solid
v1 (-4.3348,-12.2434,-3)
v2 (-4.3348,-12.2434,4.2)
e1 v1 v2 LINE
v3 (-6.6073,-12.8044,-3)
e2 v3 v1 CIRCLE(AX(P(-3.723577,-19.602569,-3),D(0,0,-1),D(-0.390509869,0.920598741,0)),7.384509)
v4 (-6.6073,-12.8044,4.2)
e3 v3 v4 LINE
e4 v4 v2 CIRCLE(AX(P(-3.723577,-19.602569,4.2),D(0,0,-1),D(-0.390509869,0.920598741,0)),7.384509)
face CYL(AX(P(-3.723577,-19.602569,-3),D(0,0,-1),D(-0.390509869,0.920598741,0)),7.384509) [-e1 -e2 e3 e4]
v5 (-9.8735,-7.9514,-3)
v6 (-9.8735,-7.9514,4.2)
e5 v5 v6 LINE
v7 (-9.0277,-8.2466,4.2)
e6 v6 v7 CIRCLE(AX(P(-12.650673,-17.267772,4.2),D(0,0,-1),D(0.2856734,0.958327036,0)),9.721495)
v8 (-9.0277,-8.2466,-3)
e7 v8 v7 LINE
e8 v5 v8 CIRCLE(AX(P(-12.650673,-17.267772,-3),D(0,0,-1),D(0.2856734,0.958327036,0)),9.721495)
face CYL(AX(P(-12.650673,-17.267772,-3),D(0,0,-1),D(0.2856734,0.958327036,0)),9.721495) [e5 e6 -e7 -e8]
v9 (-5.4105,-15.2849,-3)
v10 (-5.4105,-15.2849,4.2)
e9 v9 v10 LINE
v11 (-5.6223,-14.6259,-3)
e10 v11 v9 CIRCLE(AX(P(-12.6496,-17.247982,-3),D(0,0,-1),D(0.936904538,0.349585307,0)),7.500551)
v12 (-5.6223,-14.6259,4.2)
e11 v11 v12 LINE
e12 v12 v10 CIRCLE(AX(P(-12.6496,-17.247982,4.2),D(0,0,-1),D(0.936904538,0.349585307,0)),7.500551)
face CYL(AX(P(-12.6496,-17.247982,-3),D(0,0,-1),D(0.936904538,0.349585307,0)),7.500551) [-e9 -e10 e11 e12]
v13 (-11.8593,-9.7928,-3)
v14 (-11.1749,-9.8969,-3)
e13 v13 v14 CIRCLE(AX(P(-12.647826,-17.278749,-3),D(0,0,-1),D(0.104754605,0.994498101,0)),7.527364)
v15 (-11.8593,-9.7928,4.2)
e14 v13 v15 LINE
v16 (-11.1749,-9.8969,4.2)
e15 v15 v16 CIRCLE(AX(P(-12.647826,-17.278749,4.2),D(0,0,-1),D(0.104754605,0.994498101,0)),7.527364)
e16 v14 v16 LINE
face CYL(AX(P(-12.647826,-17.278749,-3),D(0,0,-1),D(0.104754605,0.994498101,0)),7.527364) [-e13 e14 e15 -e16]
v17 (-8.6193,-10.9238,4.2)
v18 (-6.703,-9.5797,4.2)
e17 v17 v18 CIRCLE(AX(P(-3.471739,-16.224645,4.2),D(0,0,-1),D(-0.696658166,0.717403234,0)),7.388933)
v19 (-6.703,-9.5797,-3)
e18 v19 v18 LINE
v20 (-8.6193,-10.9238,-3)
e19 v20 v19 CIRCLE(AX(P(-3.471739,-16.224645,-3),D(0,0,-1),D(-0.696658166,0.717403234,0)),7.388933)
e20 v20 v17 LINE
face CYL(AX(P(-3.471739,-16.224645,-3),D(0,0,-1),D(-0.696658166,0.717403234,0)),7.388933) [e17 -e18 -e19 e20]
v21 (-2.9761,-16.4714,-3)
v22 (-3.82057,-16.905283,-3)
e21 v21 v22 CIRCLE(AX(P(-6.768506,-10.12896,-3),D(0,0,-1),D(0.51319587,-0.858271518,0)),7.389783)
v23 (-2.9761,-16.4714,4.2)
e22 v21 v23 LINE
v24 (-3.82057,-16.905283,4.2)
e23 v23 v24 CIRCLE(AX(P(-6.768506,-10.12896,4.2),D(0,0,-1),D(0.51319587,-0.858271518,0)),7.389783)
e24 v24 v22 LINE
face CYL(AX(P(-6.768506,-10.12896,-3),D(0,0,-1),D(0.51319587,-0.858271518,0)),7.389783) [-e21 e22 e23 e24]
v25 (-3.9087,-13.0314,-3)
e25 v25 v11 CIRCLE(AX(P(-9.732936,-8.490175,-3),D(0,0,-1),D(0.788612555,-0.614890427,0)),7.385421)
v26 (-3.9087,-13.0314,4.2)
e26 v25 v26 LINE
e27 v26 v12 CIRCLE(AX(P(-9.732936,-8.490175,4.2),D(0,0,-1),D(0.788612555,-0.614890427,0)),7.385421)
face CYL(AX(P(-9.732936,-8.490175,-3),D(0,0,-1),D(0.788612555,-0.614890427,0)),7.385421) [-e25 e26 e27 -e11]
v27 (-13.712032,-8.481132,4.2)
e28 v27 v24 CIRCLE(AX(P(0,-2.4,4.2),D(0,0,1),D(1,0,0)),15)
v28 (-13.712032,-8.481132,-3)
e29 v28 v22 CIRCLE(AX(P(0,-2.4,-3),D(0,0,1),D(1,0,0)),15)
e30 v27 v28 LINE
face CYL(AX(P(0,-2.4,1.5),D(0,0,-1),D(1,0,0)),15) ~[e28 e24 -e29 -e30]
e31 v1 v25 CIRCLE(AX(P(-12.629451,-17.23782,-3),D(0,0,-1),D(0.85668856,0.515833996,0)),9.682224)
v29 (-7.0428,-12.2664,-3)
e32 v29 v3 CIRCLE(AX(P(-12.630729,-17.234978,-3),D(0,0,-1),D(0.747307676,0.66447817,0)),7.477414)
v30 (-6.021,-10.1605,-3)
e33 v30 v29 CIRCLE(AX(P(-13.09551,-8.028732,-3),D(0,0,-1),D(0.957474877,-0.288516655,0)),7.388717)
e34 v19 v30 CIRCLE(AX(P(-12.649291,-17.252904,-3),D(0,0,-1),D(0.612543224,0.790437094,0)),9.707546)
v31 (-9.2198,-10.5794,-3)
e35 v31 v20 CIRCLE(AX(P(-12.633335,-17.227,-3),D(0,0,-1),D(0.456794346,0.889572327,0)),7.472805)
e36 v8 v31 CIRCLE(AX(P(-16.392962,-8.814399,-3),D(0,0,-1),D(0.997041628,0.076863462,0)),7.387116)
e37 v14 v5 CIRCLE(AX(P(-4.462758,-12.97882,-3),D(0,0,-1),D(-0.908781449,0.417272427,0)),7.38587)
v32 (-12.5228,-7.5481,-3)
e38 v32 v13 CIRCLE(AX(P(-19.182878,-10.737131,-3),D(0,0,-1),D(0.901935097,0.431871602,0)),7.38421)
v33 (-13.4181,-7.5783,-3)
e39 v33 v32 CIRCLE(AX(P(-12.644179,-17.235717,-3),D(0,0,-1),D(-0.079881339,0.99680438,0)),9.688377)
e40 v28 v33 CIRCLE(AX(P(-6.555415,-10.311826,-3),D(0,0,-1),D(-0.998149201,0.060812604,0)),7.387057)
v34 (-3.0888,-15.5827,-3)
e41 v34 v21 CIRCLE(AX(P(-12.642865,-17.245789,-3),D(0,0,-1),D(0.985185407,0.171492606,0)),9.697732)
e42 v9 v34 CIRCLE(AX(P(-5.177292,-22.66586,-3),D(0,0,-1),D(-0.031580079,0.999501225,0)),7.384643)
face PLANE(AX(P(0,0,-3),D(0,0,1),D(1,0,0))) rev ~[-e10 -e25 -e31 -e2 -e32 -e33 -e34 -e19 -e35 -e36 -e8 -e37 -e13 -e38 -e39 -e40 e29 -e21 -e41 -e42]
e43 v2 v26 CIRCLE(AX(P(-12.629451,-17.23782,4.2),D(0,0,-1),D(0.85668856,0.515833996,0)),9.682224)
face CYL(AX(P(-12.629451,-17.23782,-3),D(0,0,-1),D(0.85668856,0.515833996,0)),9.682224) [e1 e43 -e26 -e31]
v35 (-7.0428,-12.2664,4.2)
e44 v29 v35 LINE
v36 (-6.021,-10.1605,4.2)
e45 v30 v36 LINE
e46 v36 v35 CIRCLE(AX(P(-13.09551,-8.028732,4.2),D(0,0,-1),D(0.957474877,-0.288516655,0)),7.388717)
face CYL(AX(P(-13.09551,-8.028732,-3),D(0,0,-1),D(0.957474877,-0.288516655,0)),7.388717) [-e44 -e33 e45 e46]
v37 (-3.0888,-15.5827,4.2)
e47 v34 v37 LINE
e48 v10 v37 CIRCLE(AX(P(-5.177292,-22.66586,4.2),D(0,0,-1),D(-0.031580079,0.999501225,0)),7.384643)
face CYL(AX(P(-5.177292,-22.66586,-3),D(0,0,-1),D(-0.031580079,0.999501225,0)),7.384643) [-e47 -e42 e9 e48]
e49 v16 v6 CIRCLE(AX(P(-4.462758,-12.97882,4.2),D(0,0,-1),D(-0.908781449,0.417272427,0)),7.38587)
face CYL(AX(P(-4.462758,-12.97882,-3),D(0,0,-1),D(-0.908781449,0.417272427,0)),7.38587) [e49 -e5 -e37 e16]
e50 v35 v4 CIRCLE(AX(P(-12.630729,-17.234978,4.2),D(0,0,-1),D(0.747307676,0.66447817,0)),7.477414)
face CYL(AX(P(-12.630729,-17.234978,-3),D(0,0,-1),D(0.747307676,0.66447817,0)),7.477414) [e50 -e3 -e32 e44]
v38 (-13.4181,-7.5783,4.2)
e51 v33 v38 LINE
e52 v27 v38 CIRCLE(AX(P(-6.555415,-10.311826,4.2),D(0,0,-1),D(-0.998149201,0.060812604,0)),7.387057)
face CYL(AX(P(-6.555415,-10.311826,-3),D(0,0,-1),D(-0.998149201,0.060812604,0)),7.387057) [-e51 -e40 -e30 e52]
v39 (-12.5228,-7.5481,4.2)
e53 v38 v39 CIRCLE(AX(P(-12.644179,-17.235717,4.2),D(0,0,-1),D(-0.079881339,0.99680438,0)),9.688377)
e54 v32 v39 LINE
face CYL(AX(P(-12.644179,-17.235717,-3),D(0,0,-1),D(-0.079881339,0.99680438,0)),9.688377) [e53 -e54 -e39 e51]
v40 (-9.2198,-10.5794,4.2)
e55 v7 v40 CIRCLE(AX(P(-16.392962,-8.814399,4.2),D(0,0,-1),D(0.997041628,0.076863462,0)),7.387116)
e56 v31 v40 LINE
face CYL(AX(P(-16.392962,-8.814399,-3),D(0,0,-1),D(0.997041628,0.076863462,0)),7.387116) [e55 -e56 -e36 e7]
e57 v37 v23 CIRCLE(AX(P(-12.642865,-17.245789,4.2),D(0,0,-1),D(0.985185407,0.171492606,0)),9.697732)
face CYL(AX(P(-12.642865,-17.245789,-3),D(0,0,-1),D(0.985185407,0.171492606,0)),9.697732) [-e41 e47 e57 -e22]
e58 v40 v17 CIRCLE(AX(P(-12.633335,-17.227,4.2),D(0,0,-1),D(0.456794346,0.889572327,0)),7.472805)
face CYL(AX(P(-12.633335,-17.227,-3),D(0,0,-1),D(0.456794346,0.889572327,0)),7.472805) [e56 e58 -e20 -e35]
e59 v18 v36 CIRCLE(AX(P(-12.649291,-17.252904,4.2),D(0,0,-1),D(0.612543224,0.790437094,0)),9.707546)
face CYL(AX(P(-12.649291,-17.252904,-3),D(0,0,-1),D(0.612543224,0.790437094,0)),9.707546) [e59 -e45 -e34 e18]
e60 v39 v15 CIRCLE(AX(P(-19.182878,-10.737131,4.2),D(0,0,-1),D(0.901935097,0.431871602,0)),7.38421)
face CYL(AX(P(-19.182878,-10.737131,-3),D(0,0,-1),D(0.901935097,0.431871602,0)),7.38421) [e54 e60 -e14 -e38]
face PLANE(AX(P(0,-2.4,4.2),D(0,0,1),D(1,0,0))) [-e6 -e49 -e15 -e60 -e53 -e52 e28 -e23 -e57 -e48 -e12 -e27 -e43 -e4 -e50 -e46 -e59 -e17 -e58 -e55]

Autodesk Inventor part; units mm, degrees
ref_plane "YZ Plane" through (0, 0, 0) normal (1, 0, 0) x (0, 1, 0)
ref_plane "XZ Plane" through (0, 0, 0) normal (0, 1, 0) x (-1, 0, 0)
ref_plane "XY Plane" through (0, 0, 0) normal (0, 0, 1) x (1, 0, 0)
sketch "Szkic1" plane through (0, 0, 0) normal (0, 0, 1) x (1, 0, 0)
  arc A0 (-1.732, -4.0613) -> (-1.6613, -4.132) centre (0, -2.4) ccw projected
  arc A1 (0.05, -0.4006) -> (-0.05, -0.4006) centre (0, -2.4) ccw projected
  arc A2 (-0.05, -0.4006) -> (-0.5703, -0.483) centre (0, -2.4) ccw projected
  arc A3 (-0.5703, -0.483) -> (-0.6654, -0.5139) centre (0, -2.4) ccw projected
  arc A4 (-0.6654, -0.5139) -> (-1.1348, -0.7531) centre (0, -2.4) ccw projected
  arc A5 (-1.1348, -0.7531) -> (-1.2157, -0.8119) centre (0, -2.4) ccw projected
  arc A6 (-1.2157, -0.8119) -> (-1.5881, -1.1843) centre (0, -2.4) ccw projected
  arc A7 (-1.5881, -1.1843) -> (-1.6469, -1.2652) centre (0, -2.4) ccw projected
  arc A8 (-1.6469, -1.2652) -> (-1.8861, -1.7346) centre (0, -2.4) ccw projected
  arc A9 (-1.8861, -1.7346) -> (-1.917, -1.8297) centre (0, -2.4) ccw projected
  arc A10 (-1.917, -1.8297) -> (-1.9994, -2.35) centre (0, -2.4) ccw projected
  arc A11 (-1.9994, -2.35) -> (-1.9994, -2.45) centre (0, -2.4) ccw projected
  arc A12 (-1.9994, -2.45) -> (-1.917, -2.9703) centre (0, -2.4) ccw projected
  arc A13 (-1.917, -2.9703) -> (-1.8861, -3.0654) centre (0, -2.4) ccw projected
  arc A14 (-1.8861, -3.0654) -> (-1.6469, -3.5348) centre (0, -2.4) ccw projected
  arc A15 (-1.6469, -3.5348) -> (-1.5881, -3.6157) centre (0, -2.4) ccw projected
  arc A16 (-1.5881, -3.6157) -> (-1.2157, -3.9881) centre (0, -2.4) ccw projected
  arc A17 (-1.2157, -3.9881) -> (-1.1348, -4.0469) centre (0, -2.4) ccw projected
  arc A18 (-1.1348, -4.0469) -> (-0.6654, -4.2861) centre (0, -2.4) ccw projected
  arc A19 (-0.6654, -4.2861) -> (-0.5703, -4.317) centre (0, -2.4) ccw projected
  arc A20 (-0.5703, -4.317) -> (-0.05, -4.3994) centre (0, -2.4) ccw projected
  arc A21 (-0.05, -4.3994) -> (0.05, -4.3994) centre (0, -2.4) ccw projected
  arc A22 (0.05, -4.3994) -> (0.5703, -4.317) centre (0, -2.4) ccw projected
  arc A23 (0.5703, -4.317) -> (0.6654, -4.2861) centre (0, -2.4) ccw projected
  arc A24 (0.6654, -4.2861) -> (1.1348, -4.0469) centre (0, -2.4) ccw projected
  arc A25 (1.1348, -4.0469) -> (1.2157, -3.9881) centre (0, -2.4) ccw projected
  arc A26 (1.2157, -3.9881) -> (1.5881, -3.6157) centre (0, -2.4) ccw projected
  arc A27 (1.5881, -3.6157) -> (1.6469, -3.5348) centre (0, -2.4) ccw projected
  arc A28 (1.6469, -3.5348) -> (1.8861, -3.0654) centre (0, -2.4) ccw projected
  arc A29 (1.8861, -3.0654) -> (1.917, -2.9703) centre (0, -2.4) ccw projected
  arc A30 (1.917, -2.9703) -> (1.9994, -2.45) centre (0, -2.4) ccw projected
  arc A31 (1.9994, -2.45) -> (1.9994, -2.35) centre (0, -2.4) ccw projected
  arc A32 (1.9994, -2.35) -> (1.917, -1.8297) centre (0, -2.4) ccw projected
  arc A33 (1.917, -1.8297) -> (1.8861, -1.7346) centre (0, -2.4) ccw projected
  arc A34 (1.8861, -1.7346) -> (1.6469, -1.2652) centre (0, -2.4) ccw projected
  arc A35 (1.6469, -1.2652) -> (1.5881, -1.1843) centre (0, -2.4) ccw projected
  arc A36 (1.5881, -1.1843) -> (1.2157, -0.8119) centre (0, -2.4) ccw projected
  arc A37 (1.2157, -0.8119) -> (1.1348, -0.7531) centre (0, -2.4) ccw projected
  arc A38 (1.1348, -0.7531) -> (0.6654, -0.5139) centre (0, -2.4) ccw projected
  arc A39 (0.6654, -0.5139) -> (0.5703, -0.483) centre (0, -2.4) ccw projected
  arc A40 (0.5703, -0.483) -> (0.05, -0.4006) centre (0, -2.4) ccw projected
  circle A41 centre (0, -2.4) radius 1.5065 projected
  circle A42 centre (0, -2.4) radius 2.4
  circle A43 centre (0, -2.4) radius 15
  circle A44 centre (0, -2.4) radius 1.0065 projected
  circle A45 centre (0, -2.4) radius 1.2565
  circle A46 centre (0, -2.4) radius 2.9
  point P0 (0, 0)
  point P1 (-1.6613, -4.132)
  point P2 (-1.732, -4.0613)
  dimension "d0" = 30
  dimension "d3" = 0.25
  dimension "d12" = 0.5
extrude "Wyciągnięcie proste1" add sketch "Szkic1" against normal blind 3 contours A43
extrude "Wyciągnięcie proste2" add sketch "Szkic1" along normal blind 1.5 contours A42 A0 | A40 A39 A38 A37 A36 A35 A34 A33 A32 A31 A30 A29 A28 A27 A26 A25 A24 A23 A22 A21 A20 A19 A18 A17 A16 A15 A14 A13 A12 A11 A10 A9 A8 A7 A6 A5 A4 A3 A2 A1 | A41 | A43 | A45 | A46
sketch "Szkic2" plane through (0, -2.4, 1.5) normal (0, 0, 1) x (1, 0, 0)
  circle A0 centre (0, 0) radius 1.0065 projected
  circle A1 centre (0, 0) radius 3
  circle A2 centre (0, 0) radius 15 projected
  point P0 (0, 2.4)
  dimension "d6" = 6
extrude "Wyciągnięcie proste3" add sketch "Szkic2" along normal blind 2.7 contours A2
sketch "Szkic4" plane through (0, -2.4, -3) normal (0, 0, -1) x (-1, 0, 0)
  arc A0 (6.703, -7.1797) -> (6.021, -7.7605) centre (12.6436, -14.8459) ccw projected
  arc A1 (9.8735, -5.5514) -> (9.0277, -5.8466) centre (12.6436, -14.8459) ccw projected
  arc A2 (13.4181, -5.1783) -> (12.5228, -5.1481) centre (12.6436, -14.8459) ccw projected
  arc A3 (16.8582, -6.1109) -> (16.0342, -5.7593) centre (12.6436, -14.8459) ccw projected
  arc A4 (19.729, -8.2232) -> (19.0877, -7.5977) centre (12.6436, -14.8459) ccw projected
  arc A5 (21.6429, -11.23) -> (21.2709, -10.4151) centre (12.6436, -14.8459) ccw projected
  arc A6 (22.3415, -14.7251) -> (22.2889, -13.8308) centre (12.6436, -14.8459) ccw projected
  arc A7 (21.7302, -18.2365) -> (22.0043, -17.3836) centre (12.6436, -14.8459) ccw projected
  arc A8 (19.8918, -21.29) -> (20.4555, -20.5937) centre (12.6436, -14.8459) ccw projected
  arc A9 (3.9087, -10.6314) -> (5.6223, -12.2259) centre (9.734, -6.0892) ccw projected
  arc A10 (5.6223, -12.2259) -> (5.4105, -12.8849) centre (12.6436, -14.8459) ccw projected
  arc A11 (5.4105, -12.8849) -> (3.0888, -13.1827) centre (5.1774, -20.2681) ccw projected
  arc A12 (3.0888, -13.1827) -> (2.9761, -14.0714) centre (12.6436, -14.8459) ccw projected
  arc A13 (2.9761, -14.0714) -> (5.1499, -14.9393) centre (6.7672, -7.7316) ccw projected
  arc A14 (5.1499, -14.9393) -> (5.1905, -15.6303) centre (12.6436, -14.8459) ccw projected
  arc A15 (5.1905, -15.6303) -> (3.1332, -16.7466) centre (7.6403, -22.5991) ccw projected
  arc A16 (3.1332, -16.7466) -> (3.3491, -17.616) centre (12.6436, -14.8459) ccw projected
  arc A17 (3.3491, -17.616) -> (5.6897, -17.64) centre (4.594, -10.3348) ccw projected
  arc A18 (5.6897, -17.64) -> (5.9772, -18.2697) centre (12.6436, -14.8459) ccw projected
  arc A19 (5.9772, -18.2697) -> (4.462, -20.0539) centre (10.7789, -23.883) ccw projected
  arc A20 (4.462, -20.0539) -> (4.9774, -20.7866) centre (12.6436, -14.8459) ccw projected
  arc A21 (4.9774, -20.7866) -> (7.1686, -19.9634) centre (3.508, -13.5473) ccw projected
  arc A22 (7.1686, -19.9634) -> (7.6642, -20.4467) centre (12.6436, -14.8459) ccw projected
  arc A23 (7.6642, -20.4467) -> (6.8958, -22.6577) centre (14.1694, -23.9463) ccw projected
  arc A24 (6.8958, -22.6577) -> (7.6411, -23.1547) centre (12.6436, -14.8459) ccw projected
  arc A25 (7.6411, -23.1547) -> (9.387, -21.5956) centre (3.6558, -16.9352) ccw projected
  arc A26 (9.387, -21.5956) -> (10.0237, -21.8673) centre (12.6436, -14.8459) ccw projected
  arc A27 (10.0237, -21.8673) -> (10.1059, -24.2066) centre (17.3539, -22.7806) ccw projected
  arc A28 (10.1059, -24.2066) -> (10.9804, -24.4008) centre (12.6436, -14.8459) ccw projected
  arc A29 (10.9804, -24.4008) -> (12.0452, -22.3162) centre (5.0175, -20.0409) ccw projected
  arc A30 (12.0452, -22.3162) -> (12.737, -22.3396) centre (12.6436, -14.8459) ccw projected
  arc A31 (12.737, -22.3396) -> (13.6588, -24.4912) centre (19.9021, -20.5433) ccw projected
  arc A32 (13.6588, -24.4912) -> (14.5444, -24.3564) centre (12.6436, -14.8459) ccw projected
  arc A33 (14.5444, -24.3564) -> (14.7842, -22.028) centre (7.4091, -22.4449) ccw projected
  arc A34 (14.7842, -22.028) -> (15.4377, -21.7998) centre (12.6436, -14.8459) ccw projected
  arc A35 (15.4377, -21.7998) -> (17.0745, -23.4732) centre (21.4701, -17.5365) ccw projected
  arc A36 (17.0745, -23.4732) -> (17.8516, -23.0275) centre (12.6436, -14.8459) ccw projected
  arc A37 (17.8516, -23.0275) -> (17.2341, -20.7697) centre (10.5077, -23.8227) ccw projected
  arc A38 (17.2341, -20.7697) -> (17.7611, -20.3209) centre (12.6436, -14.8459) ccw projected
  arc A39 (17.7611, -20.3209) -> (19.8918, -21.29) centre (21.846, -14.1663) ccw projected
  arc A40 (20.4555, -20.5937) -> (19.0641, -18.7114) centre (13.8947, -23.9881) ccw projected
  arc A41 (19.0641, -18.7114) -> (19.3933, -18.1026) centre (12.6436, -14.8459) ccw projected
  arc A42 (19.3933, -18.1026) -> (21.7302, -18.2365) centre (20.9791, -10.8879) ccw projected
  arc A43 (22.0043, -17.3836) -> (20.0269, -16.1311) centre (17.1128, -22.9188) ccw projected
  arc A44 (20.0269, -16.1311) -> (20.114, -15.4444) centre (12.6436, -14.8459) ccw projected
  arc A45 (20.114, -15.4444) -> (22.3415, -14.7251) centre (18.9865, -8.1441) ccw projected
  arc A46 (22.2889, -13.8308) -> (19.9926, -13.3772) centre (19.7273, -20.7593) ccw projected
  arc A47 (19.9926, -13.3772) -> (19.8257, -12.7054) centre (12.6436, -14.8459) ccw projected
  arc A48 (19.8257, -12.7054) -> (21.6429, -11.23) centre (16.1372, -6.3053) ccw projected
  arc A49 (21.2709, -10.4151) -> (18.9658, -10.8216) centre (21.3851, -17.801) ccw projected
  arc A50 (18.9658, -10.8216) -> (18.5675, -10.2554) centre (12.6436, -14.8459) ccw projected
  arc A51 (18.5675, -10.2554) -> (19.729, -8.2232) centre (12.816, -5.6201) ccw projected
  arc A52 (19.0877, -7.5977) -> (17.0851, -8.8095) centre (21.8623, -14.4437) ccw projected
  arc A53 (17.0851, -8.8095) -> (16.5092, -8.4255) centre (12.6436, -14.8459) ccw projected
  arc A54 (16.5092, -8.4255) -> (16.8582, -6.1109) centre (9.4716, -6.1808) ccw projected
  arc A55 (16.0342, -5.7593) -> (14.6046, -7.6127) centre (21.0945, -11.1407) ccw projected
  arc A56 (14.6046, -7.6127) -> (13.9288, -7.4626) centre (12.6436, -14.8459) ccw projected
  arc A57 (13.9288, -7.4626) -> (13.4181, -5.1783) centre (6.5556, -7.9118) ccw projected
  arc A58 (12.5228, -5.1481) -> (11.8593, -7.3928) centre (19.1854, -8.3381) ccw projected
  arc A59 (11.8593, -7.3928) -> (11.1749, -7.4969) centre (12.6436, -14.8459) ccw projected
  arc A60 (11.1749, -7.4969) -> (9.8735, -5.5514) centre (4.4619, -10.5793) ccw projected
  arc A61 (9.0277, -5.8466) -> (9.2198, -8.1794) centre (16.3927, -6.4144) ccw projected
  arc A62 (9.2198, -8.1794) -> (8.6193, -8.5238) centre (12.6436, -14.8459) ccw projected
  arc A63 (8.6193, -8.5238) -> (6.703, -7.1797) centre (3.4731, -13.823) ccw projected
  arc A64 (6.021, -7.7605) -> (7.0428, -9.8664) centre (13.0938, -5.6294) ccw projected
  arc A65 (7.0428, -9.8664) -> (6.6073, -10.4044) centre (12.6436, -14.8459) ccw projected
  arc A66 (6.6073, -10.4044) -> (4.3348, -9.8434) centre (3.7228, -17.2049) ccw projected
  arc A67 (4.3348, -9.8434) -> (3.9087, -10.6314) centre (12.6436, -14.8459) ccw projected
  point P0 (0, 2.4)
  point P1 (0, 0)
extrude "Wyciągnięcie proste5" cut sketch "Szkic4" against normal blind 10 keep common part
properties part number "small-gear"
